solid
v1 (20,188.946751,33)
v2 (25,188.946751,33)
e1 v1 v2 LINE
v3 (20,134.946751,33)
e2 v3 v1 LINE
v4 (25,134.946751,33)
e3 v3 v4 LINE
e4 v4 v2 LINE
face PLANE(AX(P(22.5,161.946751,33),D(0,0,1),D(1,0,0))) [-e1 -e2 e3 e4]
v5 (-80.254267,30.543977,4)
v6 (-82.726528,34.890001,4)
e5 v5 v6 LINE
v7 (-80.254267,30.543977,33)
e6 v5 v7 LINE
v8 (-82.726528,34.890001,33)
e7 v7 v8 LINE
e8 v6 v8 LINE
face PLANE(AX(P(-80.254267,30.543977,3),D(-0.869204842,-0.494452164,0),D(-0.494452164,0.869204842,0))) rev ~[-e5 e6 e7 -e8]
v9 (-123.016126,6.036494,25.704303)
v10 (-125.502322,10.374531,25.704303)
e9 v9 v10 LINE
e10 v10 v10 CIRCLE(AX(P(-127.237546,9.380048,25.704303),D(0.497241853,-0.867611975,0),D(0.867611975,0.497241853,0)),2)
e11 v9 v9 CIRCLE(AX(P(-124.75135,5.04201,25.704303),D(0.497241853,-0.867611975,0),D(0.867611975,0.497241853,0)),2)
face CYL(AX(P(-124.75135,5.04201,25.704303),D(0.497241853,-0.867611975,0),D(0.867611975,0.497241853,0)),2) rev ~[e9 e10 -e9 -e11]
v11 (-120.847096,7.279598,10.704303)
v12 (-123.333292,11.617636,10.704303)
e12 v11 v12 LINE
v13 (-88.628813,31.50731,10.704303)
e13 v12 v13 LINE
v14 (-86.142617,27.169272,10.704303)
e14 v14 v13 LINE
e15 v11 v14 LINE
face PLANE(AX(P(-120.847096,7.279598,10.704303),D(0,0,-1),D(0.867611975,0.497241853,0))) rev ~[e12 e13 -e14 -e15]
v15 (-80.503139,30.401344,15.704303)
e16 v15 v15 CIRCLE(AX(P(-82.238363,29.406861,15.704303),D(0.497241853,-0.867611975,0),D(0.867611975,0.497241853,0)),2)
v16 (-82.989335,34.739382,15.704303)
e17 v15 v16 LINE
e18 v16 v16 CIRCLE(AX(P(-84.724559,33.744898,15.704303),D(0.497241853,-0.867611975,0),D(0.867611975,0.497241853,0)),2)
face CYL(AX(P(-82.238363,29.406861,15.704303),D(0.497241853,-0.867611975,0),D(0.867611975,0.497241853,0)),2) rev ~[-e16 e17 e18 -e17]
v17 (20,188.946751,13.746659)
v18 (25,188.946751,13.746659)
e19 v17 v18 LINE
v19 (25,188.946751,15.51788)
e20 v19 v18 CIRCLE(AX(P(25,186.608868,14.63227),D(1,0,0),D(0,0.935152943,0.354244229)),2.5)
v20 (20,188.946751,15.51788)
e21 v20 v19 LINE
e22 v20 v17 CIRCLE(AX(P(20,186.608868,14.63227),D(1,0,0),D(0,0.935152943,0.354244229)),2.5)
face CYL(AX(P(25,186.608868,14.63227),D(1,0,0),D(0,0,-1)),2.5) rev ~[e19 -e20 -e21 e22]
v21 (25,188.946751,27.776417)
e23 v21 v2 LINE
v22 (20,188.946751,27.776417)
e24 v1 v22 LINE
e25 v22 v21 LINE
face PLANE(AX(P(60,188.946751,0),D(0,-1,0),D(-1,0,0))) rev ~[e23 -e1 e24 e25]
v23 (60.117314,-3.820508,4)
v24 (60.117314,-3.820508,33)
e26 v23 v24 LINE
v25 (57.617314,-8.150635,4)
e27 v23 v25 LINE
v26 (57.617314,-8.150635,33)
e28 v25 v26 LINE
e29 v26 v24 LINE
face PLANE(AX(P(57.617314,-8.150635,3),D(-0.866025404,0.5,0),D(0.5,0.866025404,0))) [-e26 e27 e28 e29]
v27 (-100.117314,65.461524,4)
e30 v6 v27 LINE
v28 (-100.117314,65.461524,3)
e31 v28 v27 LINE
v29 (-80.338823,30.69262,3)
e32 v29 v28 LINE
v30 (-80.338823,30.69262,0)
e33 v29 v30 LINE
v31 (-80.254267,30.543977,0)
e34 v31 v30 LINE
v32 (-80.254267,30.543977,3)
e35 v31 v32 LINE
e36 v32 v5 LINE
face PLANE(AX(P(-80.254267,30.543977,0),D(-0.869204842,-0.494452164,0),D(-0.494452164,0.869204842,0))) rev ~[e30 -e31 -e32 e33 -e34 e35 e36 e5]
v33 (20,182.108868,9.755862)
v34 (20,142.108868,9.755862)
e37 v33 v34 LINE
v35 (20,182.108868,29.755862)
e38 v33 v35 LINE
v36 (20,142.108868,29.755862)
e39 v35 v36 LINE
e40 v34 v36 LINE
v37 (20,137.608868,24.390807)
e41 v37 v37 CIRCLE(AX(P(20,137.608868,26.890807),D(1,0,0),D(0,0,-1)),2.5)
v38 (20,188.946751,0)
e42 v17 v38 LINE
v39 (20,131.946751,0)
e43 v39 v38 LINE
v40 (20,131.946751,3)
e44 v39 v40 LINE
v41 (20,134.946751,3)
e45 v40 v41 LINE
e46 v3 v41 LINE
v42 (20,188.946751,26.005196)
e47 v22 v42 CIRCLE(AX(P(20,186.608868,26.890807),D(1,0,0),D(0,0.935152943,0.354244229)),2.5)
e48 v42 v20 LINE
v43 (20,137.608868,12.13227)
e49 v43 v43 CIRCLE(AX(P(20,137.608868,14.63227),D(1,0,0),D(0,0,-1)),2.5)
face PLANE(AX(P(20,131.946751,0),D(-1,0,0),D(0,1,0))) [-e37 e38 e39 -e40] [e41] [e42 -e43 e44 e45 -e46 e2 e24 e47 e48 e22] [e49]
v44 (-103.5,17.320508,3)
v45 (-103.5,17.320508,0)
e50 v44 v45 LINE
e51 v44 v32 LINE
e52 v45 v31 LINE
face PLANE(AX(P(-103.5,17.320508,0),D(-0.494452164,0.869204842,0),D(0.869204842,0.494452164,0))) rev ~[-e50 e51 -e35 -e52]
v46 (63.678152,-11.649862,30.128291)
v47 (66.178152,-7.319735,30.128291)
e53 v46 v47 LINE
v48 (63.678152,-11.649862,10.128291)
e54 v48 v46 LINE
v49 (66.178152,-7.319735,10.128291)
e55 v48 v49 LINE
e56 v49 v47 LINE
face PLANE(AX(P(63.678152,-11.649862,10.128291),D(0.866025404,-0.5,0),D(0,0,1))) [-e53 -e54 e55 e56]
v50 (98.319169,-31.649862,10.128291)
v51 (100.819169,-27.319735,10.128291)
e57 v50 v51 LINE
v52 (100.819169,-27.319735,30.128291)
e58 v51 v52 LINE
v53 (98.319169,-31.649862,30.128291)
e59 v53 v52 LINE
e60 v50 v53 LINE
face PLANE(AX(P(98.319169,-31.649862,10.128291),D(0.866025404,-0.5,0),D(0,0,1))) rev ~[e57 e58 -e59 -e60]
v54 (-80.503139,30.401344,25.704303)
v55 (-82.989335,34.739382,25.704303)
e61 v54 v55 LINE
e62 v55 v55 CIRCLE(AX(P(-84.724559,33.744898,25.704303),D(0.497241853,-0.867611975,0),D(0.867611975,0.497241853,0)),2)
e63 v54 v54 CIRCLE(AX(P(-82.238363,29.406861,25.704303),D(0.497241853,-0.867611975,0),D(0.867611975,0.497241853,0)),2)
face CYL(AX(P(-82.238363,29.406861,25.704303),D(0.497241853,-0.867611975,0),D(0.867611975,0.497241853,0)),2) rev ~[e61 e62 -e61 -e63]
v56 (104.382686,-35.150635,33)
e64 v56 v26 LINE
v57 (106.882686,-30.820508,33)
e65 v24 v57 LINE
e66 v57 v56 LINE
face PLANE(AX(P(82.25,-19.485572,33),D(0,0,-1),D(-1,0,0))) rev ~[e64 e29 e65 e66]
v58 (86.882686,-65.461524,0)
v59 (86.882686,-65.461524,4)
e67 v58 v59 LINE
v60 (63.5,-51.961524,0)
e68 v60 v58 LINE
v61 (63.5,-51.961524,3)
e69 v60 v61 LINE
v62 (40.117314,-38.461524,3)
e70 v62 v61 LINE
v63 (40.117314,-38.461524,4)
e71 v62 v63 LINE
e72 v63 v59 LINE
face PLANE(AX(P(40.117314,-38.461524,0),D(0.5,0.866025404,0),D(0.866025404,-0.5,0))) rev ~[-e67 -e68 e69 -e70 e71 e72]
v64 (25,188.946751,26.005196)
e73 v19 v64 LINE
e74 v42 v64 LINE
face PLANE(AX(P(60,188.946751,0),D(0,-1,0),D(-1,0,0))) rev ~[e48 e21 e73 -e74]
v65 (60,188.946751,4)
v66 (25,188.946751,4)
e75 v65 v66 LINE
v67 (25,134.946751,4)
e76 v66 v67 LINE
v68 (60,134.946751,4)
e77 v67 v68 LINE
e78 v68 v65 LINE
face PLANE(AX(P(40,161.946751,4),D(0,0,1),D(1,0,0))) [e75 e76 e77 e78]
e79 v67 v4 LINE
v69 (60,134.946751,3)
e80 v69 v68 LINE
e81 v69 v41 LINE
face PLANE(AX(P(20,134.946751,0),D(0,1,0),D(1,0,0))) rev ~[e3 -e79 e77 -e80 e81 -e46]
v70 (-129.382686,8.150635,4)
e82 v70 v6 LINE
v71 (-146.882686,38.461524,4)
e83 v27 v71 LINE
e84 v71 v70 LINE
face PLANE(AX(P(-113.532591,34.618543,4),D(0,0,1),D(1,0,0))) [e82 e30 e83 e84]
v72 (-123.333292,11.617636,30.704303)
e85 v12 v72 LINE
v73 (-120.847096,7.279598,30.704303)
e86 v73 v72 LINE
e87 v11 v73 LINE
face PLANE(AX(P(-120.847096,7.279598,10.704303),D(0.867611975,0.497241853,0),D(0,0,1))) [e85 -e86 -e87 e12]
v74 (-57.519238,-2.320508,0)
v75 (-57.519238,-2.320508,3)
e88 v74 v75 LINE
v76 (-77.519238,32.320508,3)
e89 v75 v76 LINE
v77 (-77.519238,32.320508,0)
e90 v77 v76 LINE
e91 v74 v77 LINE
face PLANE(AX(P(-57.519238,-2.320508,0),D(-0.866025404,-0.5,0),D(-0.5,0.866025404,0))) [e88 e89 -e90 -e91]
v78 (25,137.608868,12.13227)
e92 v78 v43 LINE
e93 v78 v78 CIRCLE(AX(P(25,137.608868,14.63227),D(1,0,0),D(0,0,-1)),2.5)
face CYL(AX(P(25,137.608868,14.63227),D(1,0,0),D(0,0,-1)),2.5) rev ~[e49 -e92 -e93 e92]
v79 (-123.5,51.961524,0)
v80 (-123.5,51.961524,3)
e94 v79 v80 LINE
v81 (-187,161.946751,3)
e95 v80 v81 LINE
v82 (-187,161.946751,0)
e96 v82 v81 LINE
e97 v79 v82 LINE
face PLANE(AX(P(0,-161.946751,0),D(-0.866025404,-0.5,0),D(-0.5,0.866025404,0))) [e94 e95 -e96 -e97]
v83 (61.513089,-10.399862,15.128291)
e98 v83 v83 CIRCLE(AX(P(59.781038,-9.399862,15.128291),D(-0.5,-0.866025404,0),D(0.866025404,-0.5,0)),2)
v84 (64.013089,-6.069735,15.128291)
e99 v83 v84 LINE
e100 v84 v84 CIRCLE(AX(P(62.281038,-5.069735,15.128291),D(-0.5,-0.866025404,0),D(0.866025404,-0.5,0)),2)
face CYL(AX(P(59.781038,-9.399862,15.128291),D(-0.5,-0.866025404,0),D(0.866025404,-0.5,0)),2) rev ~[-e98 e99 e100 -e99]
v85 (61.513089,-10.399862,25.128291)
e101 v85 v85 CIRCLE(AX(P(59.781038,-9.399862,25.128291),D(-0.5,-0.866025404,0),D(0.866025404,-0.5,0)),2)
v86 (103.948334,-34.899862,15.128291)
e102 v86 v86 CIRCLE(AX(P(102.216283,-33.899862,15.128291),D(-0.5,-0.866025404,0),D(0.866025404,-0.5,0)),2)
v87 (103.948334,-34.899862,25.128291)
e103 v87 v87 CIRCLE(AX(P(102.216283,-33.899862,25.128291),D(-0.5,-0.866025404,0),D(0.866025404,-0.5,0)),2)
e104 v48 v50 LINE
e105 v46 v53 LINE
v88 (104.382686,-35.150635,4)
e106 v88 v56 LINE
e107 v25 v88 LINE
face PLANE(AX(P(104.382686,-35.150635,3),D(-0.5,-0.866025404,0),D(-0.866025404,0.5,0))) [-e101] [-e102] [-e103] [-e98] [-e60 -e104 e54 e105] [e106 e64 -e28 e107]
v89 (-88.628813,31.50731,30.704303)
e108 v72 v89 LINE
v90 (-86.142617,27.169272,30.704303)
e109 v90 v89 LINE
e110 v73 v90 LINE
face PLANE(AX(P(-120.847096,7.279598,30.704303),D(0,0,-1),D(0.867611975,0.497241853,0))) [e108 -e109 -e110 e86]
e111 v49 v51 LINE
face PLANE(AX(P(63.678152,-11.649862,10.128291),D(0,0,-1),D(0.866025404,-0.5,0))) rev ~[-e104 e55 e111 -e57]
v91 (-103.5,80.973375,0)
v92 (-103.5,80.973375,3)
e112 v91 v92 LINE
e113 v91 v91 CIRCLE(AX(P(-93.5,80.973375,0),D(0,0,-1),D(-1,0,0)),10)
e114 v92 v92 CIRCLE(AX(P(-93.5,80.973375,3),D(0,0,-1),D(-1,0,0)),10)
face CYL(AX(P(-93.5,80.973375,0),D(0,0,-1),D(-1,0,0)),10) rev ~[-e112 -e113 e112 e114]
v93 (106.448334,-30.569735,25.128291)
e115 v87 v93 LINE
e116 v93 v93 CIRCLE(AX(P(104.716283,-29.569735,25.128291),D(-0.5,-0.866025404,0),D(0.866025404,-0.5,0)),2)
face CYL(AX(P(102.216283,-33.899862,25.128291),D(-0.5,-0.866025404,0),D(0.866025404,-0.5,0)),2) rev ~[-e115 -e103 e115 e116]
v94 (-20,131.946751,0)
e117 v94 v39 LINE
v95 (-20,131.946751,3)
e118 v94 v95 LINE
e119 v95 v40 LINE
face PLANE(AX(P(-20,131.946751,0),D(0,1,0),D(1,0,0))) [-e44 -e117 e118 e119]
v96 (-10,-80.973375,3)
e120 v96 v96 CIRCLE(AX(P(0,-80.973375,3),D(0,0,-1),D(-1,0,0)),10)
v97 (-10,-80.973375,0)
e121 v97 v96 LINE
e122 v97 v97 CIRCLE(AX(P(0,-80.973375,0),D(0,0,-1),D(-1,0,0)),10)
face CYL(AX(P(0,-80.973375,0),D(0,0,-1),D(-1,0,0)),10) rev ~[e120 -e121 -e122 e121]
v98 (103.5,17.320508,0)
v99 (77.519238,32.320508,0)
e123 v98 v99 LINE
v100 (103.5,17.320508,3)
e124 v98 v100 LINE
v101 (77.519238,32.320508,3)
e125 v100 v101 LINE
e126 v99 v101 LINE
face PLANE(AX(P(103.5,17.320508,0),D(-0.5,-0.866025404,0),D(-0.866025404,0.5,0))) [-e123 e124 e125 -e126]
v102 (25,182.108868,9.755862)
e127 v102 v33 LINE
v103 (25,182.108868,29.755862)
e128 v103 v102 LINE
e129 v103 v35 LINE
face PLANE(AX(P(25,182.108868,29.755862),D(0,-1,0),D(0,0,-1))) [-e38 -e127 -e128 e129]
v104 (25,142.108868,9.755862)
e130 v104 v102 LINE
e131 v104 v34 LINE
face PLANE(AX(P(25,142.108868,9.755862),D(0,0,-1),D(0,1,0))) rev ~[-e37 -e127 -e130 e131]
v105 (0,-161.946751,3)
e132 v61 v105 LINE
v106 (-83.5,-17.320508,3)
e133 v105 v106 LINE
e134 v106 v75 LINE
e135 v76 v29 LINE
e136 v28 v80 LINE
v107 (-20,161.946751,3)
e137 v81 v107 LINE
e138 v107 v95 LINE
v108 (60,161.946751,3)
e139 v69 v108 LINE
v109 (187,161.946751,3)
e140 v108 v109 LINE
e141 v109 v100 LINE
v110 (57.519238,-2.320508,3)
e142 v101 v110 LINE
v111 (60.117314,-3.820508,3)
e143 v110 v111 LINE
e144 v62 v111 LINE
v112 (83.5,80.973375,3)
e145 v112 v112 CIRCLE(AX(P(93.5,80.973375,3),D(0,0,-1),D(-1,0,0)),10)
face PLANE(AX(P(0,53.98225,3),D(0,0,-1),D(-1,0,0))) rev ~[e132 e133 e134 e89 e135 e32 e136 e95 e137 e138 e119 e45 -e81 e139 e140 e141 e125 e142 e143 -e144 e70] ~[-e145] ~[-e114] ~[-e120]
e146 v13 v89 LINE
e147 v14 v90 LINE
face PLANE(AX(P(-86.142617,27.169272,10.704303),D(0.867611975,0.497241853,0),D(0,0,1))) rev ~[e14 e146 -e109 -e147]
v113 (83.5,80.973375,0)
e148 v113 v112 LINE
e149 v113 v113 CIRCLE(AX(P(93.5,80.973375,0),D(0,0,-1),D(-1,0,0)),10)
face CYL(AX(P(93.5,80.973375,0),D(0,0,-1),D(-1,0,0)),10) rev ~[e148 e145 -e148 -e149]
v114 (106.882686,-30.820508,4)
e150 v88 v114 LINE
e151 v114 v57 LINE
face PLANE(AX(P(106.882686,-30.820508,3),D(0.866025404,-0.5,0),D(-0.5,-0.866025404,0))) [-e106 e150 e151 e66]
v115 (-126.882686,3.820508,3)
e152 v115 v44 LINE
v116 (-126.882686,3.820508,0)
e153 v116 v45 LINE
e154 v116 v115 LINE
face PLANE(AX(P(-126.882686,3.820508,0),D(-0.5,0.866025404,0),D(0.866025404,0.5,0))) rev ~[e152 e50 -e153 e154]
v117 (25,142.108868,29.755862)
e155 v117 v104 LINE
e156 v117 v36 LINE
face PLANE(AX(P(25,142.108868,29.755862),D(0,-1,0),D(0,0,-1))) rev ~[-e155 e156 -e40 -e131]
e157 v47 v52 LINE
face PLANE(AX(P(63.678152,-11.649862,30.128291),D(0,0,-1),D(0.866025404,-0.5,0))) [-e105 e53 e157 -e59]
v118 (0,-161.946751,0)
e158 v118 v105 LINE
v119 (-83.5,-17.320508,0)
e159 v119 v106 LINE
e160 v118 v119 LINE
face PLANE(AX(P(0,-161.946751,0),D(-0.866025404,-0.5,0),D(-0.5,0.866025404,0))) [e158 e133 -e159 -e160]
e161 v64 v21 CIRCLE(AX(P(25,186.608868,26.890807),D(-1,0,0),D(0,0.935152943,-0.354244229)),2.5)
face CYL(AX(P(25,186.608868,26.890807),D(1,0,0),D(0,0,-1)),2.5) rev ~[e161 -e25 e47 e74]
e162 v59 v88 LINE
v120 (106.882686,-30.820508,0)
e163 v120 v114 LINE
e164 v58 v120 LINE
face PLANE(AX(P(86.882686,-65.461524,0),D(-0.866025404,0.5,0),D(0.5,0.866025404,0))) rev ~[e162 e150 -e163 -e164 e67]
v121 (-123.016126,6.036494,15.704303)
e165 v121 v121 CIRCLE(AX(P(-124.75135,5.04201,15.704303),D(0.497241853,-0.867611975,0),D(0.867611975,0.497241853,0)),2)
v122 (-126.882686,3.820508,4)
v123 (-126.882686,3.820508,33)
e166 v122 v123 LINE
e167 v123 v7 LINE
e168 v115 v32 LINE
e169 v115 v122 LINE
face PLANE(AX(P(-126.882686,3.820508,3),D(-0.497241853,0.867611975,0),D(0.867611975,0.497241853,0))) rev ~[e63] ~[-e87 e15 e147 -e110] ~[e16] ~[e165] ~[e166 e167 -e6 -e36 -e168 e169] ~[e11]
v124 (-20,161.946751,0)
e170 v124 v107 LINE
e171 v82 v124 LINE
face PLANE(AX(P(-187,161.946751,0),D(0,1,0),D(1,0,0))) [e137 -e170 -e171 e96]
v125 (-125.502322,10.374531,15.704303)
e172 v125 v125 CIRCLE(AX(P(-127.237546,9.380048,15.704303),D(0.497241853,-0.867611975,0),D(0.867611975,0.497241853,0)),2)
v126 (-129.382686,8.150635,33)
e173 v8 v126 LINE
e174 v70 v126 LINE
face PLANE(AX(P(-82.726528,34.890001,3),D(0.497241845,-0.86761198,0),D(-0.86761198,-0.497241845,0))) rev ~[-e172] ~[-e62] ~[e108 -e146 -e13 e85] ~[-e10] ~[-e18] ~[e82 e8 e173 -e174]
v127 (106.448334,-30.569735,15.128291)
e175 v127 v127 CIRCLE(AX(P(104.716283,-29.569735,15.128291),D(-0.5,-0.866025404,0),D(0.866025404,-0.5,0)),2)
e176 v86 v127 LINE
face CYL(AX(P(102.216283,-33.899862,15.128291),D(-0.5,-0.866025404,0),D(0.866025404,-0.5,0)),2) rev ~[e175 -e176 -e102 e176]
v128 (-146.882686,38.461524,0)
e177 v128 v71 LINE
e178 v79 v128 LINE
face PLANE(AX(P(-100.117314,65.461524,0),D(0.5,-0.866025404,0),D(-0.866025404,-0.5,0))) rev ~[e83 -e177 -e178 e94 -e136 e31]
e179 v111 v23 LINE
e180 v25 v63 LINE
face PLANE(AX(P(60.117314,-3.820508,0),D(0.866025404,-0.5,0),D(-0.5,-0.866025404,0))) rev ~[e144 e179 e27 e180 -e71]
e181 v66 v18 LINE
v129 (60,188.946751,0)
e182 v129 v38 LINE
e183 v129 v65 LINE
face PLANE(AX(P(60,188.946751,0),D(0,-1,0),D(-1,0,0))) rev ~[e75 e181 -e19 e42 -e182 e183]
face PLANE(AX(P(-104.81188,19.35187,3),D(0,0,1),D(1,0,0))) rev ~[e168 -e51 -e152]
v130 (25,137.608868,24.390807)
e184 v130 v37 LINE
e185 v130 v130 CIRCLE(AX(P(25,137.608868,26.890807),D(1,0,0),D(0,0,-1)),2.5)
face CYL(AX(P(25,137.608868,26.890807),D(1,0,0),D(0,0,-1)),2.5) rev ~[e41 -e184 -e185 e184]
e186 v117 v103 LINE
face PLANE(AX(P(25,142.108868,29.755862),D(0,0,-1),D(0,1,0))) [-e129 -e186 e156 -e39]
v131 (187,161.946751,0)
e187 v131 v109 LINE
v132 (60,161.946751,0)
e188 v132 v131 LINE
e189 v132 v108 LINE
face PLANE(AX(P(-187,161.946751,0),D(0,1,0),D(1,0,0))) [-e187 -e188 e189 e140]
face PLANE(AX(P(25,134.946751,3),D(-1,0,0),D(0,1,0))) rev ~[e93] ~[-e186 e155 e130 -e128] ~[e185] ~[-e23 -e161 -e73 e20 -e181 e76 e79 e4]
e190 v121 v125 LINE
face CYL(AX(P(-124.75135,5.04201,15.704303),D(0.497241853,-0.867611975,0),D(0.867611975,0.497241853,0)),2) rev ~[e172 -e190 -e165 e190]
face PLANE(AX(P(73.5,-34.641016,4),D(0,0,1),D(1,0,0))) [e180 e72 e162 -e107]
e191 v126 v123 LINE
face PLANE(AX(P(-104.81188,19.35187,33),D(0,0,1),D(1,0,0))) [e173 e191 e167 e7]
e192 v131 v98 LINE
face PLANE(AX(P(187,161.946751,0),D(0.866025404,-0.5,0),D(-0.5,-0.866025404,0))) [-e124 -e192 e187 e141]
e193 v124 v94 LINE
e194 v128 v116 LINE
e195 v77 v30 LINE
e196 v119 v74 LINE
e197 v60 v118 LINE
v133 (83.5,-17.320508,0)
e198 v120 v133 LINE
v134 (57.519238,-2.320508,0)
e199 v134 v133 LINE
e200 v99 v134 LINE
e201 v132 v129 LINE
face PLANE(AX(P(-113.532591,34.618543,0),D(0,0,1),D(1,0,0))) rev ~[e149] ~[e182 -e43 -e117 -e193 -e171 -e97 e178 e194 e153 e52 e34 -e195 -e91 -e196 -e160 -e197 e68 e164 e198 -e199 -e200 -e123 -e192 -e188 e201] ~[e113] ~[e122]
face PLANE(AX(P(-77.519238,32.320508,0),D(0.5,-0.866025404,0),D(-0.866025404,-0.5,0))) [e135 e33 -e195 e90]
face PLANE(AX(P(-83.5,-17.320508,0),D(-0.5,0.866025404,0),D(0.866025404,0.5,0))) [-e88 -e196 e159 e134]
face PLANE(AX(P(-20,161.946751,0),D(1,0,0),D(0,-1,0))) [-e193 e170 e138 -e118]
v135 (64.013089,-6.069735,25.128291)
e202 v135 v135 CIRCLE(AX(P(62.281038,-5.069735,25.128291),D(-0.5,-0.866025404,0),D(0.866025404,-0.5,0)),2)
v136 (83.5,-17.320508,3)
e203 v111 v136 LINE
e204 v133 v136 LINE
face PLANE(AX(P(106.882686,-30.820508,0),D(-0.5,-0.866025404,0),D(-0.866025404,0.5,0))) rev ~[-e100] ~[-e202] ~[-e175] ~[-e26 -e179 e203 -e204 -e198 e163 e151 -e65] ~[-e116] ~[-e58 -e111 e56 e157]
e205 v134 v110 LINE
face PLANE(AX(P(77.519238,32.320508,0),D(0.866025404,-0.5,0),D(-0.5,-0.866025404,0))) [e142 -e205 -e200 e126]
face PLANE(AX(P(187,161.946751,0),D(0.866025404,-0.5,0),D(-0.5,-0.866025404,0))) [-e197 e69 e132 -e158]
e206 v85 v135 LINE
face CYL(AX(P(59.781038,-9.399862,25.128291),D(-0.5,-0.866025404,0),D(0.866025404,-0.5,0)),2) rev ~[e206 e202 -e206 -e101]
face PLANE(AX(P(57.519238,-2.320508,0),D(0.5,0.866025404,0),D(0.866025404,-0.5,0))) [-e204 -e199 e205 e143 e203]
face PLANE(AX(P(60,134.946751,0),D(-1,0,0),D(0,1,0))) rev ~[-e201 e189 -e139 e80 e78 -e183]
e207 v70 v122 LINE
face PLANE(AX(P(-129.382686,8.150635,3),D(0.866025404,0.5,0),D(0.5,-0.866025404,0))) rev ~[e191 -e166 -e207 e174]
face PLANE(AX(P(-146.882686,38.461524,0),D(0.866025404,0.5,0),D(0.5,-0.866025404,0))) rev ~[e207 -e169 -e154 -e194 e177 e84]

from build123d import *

# Parameters (mm, degrees)
BOSS_EXTRUDE1_DEPTH = 3
CUT_EXTRUDE2_DEPTH  = 10
CUT_EXTRUDE3_DEPTH  = 10
BOSS_EXTRUDE2_DEPTH = 4
SKETCH6_W           = 5
SKETCH6_H           = 54
BOSS_EXTRUDE3_DEPTH = 30
SKETCH8_R           = 2
SKETCH8_W           = 40
SKETCH8_H           = 20
CUT_EXTRUDE4_DEPTH  = 40
SKETCH9_R           = 2
SKETCH9_W           = 40
SKETCH9_H           = 20
CUT_EXTRUDE5_DEPTH  = 40
SKETCH13_R          = 2.5
SKETCH13_W          = 20
SKETCH13_H          = 40
CUT_EXTRUDE6_DEPTH  = 40
SKETCH14_R          = 10
CUT_EXTRUDE7_DEPTH  = 10


with BuildPart() as part:
    # Sketch2 → Boss-Extrude1 (new body)
    with BuildSketch(Plane.XY):
        Polygon((-187, 161.946750508), (187, 161.946750508), (0, -161.946750508), align=None)
    extrude(amount=BOSS_EXTRUDE1_DEPTH)

    # Sketch3 → Cut-Extrude2 (cut)
    with BuildSketch(Plane.XY):
        Polygon((-83.5, -17.320508076), (-57.519237886, -2.320508076), (-77.519237886, 32.320508076), (-103.5, 17.320508076), align=None)
        Polygon((57.519237886, -2.320508076), (83.5, -17.320508076), (103.5, 17.320508076), (77.519237886, 32.320508076), align=None)
    extrude(amount=CUT_EXTRUDE2_DEPTH, mode=Mode.SUBTRACT)

    # Sketch4 → Cut-Extrude3 (cut)
    with BuildSketch(Plane.XY):
        Polygon((0, 131.946750508), (20, 131.946750508), (20, 161.946750508), (0, 161.946750508), (-20, 161.946750508), (-20, 131.946750508), align=None)
    extrude(amount=CUT_EXTRUDE3_DEPTH, mode=Mode.SUBTRACT)

    # Sketch5 → Boss-Extrude2 (add)
    with BuildSketch(Plane.XY):
        Polygon((-103.5, 17.320508076), (-80.25426683, 30.543976819), (-100.117314098, 65.461524227), (-123.5, 51.961524227), (-146.882685902, 38.461524227), (-126.882685902, 3.820508076), align=None)
        Polygon((20, 161.946750508), (20, 134.946750508), (60, 134.946750508), (60, 161.946750508), (60, 188.946750508), (20, 188.946750508), align=None)
        Polygon((83.5, -17.320508076), (60.117314098, -3.820508076), (40.117314098, -38.461524227), (63.5, -51.961524227), (86.882685902, -65.461524227), (106.882685902, -30.820508076), align=None)
    extrude(amount=BOSS_EXTRUDE2_DEPTH)

    # Sketch6 → Boss-Extrude3 (add)
    with BuildSketch(Plane.XY.offset(3)):
        Polygon((-126.882685902, 3.820508076), (-80.25426683, 30.543976819), (-82.726527648, 34.89000103), (-129.382685902, 8.150635095), align=None)
        Polygon((60.117314098, -3.820508076), (106.882685902, -30.820508076), (104.382685902, -35.150635095), (57.617314098, -8.150635095), align=None)
        with Locations((22.5, 161.946750508)):
            Rectangle(SKETCH6_W, SKETCH6_H)
    extrude(amount=BOSS_EXTRUDE3_DEPTH)

    # Sketch8 → Cut-Extrude4 (cut)
    with BuildSketch(Plane(origin=(-33.019892419, 57.614727947, 0), x_dir=(0.867611975, 0.497241853, 0), z_dir=(0.497241853, -0.867611975, 0))):
        with Locations((-56.728666482, 15.70430261)):
            Circle(SKETCH8_R)
        with Locations((-56.728666482, 25.70430261)):
            Circle(SKETCH8_R)
        with Locations((-105.728666482, 25.70430261)):
            Circle(SKETCH8_R)
        with Locations((-105.728666482, 15.70430261)):
            Circle(SKETCH8_R)
        with Locations((-81.228666482, 20.70430261)):
            Rectangle(SKETCH8_W, SKETCH8_H)
    extrude(amount=-CUT_EXTRUDE4_DEPTH, mode=Mode.SUBTRACT)

    # Sketch9 → Cut-Extrude5 (cut)
    with BuildSketch(Plane(origin=(10.875, 18.836052532, 0), x_dir=(0.866025404, -0.5, 0), z_dir=(-0.5, -0.866025404, 0))):
        with Locations((105.471828454, 15.12829127)):
            Circle(SKETCH9_R)
        with Locations((105.471828454, 25.12829127)):
            Circle(SKETCH9_R)
        with Locations((56.471828454, 25.12829127)):
            Circle(SKETCH9_R)
        with Locations((56.471828454, 15.12829127)):
            Circle(SKETCH9_R)
        with Locations((80.971828454, 20.12829127)):
            Rectangle(SKETCH9_W, SKETCH9_H)
    extrude(amount=-CUT_EXTRUDE5_DEPTH, mode=Mode.SUBTRACT)

    # Sketch13 → Cut-Extrude6 (cut)
    with BuildSketch(Plane(origin=(25, 0, 0), x_dir=(0, 0, -1), z_dir=(1, 0, 0))):
        with Locations((-26.890806587, 137.608868151)):
            Circle(SKETCH13_R)
        with Locations((-14.632269725, 137.608868151)):
            Circle(SKETCH13_R)
        with Locations((-26.890806587, 186.608868151)):
            Circle(SKETCH13_R)
        with Locations((-14.632269725, 186.608868151)):
            Circle(SKETCH13_R)
        with Locations((-19.755862456, 162.108868151)):
            Rectangle(SKETCH13_W, SKETCH13_H)
    extrude(amount=-CUT_EXTRUDE6_DEPTH, mode=Mode.SUBTRACT)

    # Sketch14 → Cut-Extrude7 (cut)
    with BuildSketch(Plane(origin=(0, 0, 0), x_dir=(-1, 0, 0), z_dir=(0, 0, -1))):
        with Locations((0, -80.973375254)):
            Circle(SKETCH14_R)
        with Locations((93.5, 80.973375254)):
            Circle(SKETCH14_R)
        with Locations((-93.5, 80.973375254)):
            Circle(SKETCH14_R)
    extrude(amount=-CUT_EXTRUDE7_DEPTH, mode=Mode.SUBTRACT)


solid = part.part
